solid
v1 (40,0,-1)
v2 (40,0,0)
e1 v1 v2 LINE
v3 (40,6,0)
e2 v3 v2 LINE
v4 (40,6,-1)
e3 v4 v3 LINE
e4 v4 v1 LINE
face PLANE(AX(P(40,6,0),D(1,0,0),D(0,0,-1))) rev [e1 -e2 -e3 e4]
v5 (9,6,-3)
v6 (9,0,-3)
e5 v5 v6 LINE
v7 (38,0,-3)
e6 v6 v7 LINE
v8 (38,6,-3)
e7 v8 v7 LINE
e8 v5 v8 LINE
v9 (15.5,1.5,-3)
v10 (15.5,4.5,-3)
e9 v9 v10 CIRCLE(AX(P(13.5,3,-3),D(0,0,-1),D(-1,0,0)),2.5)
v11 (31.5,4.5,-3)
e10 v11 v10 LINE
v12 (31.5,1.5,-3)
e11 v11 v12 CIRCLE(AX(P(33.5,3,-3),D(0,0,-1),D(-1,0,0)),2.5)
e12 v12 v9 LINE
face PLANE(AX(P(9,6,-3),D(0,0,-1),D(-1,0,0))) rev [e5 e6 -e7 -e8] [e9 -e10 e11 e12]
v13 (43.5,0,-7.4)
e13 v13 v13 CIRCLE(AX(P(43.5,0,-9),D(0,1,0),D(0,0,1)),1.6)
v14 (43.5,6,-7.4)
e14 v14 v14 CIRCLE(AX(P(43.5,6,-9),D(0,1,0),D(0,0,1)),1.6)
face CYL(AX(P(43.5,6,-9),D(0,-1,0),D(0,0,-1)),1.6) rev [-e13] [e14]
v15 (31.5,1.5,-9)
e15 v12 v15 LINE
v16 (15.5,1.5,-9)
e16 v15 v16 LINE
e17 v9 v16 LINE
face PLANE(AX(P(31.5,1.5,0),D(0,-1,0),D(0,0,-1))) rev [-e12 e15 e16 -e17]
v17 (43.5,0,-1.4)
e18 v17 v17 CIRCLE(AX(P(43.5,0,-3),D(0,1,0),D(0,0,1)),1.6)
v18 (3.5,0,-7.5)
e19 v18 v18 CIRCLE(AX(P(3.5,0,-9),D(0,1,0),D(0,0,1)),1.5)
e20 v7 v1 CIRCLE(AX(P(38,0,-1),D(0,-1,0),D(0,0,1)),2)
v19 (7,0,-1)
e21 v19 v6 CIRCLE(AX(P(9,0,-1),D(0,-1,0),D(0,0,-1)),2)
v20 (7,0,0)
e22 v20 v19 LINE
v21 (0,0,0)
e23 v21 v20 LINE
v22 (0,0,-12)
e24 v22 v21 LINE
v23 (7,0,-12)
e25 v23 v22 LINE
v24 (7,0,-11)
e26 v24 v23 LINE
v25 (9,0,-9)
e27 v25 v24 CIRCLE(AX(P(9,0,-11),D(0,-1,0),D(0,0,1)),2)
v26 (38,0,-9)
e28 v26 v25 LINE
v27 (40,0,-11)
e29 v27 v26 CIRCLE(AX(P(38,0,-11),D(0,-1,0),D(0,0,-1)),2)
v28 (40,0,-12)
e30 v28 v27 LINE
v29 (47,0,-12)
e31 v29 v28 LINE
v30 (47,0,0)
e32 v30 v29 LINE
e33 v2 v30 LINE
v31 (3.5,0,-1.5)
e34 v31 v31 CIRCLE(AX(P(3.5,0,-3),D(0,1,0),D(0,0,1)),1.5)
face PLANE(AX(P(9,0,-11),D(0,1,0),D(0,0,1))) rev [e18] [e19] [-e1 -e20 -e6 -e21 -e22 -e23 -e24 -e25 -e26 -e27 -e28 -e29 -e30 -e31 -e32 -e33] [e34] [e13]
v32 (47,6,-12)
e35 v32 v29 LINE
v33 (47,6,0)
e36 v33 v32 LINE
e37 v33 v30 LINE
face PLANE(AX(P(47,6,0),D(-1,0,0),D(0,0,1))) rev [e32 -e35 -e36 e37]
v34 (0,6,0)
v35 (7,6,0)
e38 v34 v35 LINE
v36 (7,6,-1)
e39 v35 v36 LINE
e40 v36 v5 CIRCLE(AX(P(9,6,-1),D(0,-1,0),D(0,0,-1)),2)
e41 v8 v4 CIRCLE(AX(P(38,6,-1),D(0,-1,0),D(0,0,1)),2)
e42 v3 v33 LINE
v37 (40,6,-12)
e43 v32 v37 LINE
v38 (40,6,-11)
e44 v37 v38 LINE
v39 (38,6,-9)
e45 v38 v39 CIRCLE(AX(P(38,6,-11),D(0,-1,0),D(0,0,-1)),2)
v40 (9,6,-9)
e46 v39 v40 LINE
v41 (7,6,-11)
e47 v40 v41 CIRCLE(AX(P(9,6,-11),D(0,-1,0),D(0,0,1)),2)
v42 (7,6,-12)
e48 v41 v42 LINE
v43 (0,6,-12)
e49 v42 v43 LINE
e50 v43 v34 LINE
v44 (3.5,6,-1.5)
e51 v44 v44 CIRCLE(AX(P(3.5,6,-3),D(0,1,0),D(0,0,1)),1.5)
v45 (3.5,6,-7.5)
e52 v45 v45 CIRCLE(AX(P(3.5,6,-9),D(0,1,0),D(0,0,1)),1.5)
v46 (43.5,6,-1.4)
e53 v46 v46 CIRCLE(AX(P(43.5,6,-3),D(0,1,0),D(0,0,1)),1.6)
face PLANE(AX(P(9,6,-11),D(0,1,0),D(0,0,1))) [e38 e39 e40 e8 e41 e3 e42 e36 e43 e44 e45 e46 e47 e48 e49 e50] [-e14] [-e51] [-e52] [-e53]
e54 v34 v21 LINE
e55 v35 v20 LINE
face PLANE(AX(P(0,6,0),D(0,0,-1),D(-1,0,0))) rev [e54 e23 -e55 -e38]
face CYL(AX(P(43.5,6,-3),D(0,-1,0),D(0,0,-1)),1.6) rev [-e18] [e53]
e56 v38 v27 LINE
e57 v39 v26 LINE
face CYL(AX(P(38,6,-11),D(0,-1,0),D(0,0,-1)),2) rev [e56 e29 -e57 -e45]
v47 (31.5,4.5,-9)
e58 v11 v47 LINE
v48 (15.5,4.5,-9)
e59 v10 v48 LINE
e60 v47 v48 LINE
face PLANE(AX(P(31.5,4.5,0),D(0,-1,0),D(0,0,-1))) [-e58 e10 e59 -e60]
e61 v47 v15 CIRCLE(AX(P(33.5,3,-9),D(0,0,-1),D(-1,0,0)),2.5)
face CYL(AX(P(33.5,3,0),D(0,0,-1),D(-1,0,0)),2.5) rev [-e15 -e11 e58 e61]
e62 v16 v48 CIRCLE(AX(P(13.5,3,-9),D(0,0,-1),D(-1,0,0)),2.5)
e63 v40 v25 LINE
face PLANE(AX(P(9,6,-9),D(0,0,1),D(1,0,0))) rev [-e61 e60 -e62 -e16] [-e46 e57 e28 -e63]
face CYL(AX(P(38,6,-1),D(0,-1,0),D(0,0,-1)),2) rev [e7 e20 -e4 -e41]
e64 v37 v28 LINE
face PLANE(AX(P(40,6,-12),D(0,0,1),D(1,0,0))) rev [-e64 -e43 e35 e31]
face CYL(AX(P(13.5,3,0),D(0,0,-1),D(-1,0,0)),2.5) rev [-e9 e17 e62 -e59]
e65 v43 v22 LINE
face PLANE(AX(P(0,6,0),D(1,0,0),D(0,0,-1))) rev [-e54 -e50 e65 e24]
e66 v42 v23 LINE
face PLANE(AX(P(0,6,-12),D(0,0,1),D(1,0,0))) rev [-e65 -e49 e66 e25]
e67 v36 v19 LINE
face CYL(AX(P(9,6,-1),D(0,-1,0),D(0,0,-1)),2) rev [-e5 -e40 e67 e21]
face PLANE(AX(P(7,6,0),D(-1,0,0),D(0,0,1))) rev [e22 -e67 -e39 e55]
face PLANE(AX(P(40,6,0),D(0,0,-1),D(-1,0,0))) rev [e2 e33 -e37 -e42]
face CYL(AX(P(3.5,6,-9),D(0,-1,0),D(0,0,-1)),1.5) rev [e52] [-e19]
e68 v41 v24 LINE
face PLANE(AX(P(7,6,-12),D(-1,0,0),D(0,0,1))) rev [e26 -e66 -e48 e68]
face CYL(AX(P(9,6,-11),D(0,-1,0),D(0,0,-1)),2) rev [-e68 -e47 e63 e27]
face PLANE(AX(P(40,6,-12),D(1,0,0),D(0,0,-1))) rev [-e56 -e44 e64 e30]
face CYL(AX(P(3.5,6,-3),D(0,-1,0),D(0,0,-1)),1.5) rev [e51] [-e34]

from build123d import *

# Parameters (mm, degrees)
SKETCH1_R           = 1.5
SKETCH1_R_2         = 1.6
BOSS_EXTRUDE2_DEPTH = 6
CUT_EXTRUDE1_DEPTH  = 49.228622207


with BuildPart() as part:
    # Sketch1 → Boss-Extrude2 (new body)
    with BuildSketch(Plane(origin=(0, 0, 0), x_dir=(1, 0, 0), z_dir=(0, 1, 0))):
        with BuildLine():
            Line((40, 0), (47, 0))
            Line((47, 0), (47, 12))
            Line((47, 12), (40, 12))
            Line((40, 12), (40, 11))
            ThreePointArc((40, 11), (39.414213562, 9.585786438), (38, 9))
            Line((38, 9), (9, 9))
            ThreePointArc((9, 9), (7.585786438, 9.585786438), (7, 11))
            Line((7, 11), (7, 12))
            Line((7, 12), (0, 12))
            Line((0, 12), (0, 0))
            Line((0, 0), (7, 0))
            Line((7, 0), (7, 1))
            ThreePointArc((7, 1), (7.585786438, 2.414213562), (9, 3))
            Line((9, 3), (38, 3))
            ThreePointArc((38, 3), (39.414213562, 2.414213562), (40, 1))
            Line((40, 1), (40, 0))
        make_face()
        with Locations(Location((3.5, 9, 0), (0, 0, 270))):
            Circle(SKETCH1_R, mode=Mode.SUBTRACT)
        with Locations(Location((3.5, 3, 0), (0, 0, 270))):
            Circle(SKETCH1_R, mode=Mode.SUBTRACT)
        with Locations(Location((43.5, 9, 0), (0, 0, 270))):
            Circle(SKETCH1_R_2, mode=Mode.SUBTRACT)
        with Locations(Location((43.5, 3, 0), (0, 0, 270))):
            Circle(SKETCH1_R_2, mode=Mode.SUBTRACT)
    extrude(amount=BOSS_EXTRUDE2_DEPTH)

    # Sketch2 → Cut-Extrude1 (cut, through all)
    with BuildSketch(Plane(origin=(0, 0, -9), x_dir=(-1, 0, 0), z_dir=(0, 0, -1))):
        with BuildLine():
            Line((-31.5, 4.5), (-15.5, 4.5))
            ThreePointArc((-15.5, 4.5), (-11, 3), (-15.5, 1.5))
            Line((-15.5, 1.5), (-31.5, 1.5))
            ThreePointArc((-31.5, 1.5), (-36, 3), (-31.5, 4.5))
        make_face()
    extrude(amount=-CUT_EXTRUDE1_DEPTH, mode=Mode.SUBTRACT)


solid = part.part
